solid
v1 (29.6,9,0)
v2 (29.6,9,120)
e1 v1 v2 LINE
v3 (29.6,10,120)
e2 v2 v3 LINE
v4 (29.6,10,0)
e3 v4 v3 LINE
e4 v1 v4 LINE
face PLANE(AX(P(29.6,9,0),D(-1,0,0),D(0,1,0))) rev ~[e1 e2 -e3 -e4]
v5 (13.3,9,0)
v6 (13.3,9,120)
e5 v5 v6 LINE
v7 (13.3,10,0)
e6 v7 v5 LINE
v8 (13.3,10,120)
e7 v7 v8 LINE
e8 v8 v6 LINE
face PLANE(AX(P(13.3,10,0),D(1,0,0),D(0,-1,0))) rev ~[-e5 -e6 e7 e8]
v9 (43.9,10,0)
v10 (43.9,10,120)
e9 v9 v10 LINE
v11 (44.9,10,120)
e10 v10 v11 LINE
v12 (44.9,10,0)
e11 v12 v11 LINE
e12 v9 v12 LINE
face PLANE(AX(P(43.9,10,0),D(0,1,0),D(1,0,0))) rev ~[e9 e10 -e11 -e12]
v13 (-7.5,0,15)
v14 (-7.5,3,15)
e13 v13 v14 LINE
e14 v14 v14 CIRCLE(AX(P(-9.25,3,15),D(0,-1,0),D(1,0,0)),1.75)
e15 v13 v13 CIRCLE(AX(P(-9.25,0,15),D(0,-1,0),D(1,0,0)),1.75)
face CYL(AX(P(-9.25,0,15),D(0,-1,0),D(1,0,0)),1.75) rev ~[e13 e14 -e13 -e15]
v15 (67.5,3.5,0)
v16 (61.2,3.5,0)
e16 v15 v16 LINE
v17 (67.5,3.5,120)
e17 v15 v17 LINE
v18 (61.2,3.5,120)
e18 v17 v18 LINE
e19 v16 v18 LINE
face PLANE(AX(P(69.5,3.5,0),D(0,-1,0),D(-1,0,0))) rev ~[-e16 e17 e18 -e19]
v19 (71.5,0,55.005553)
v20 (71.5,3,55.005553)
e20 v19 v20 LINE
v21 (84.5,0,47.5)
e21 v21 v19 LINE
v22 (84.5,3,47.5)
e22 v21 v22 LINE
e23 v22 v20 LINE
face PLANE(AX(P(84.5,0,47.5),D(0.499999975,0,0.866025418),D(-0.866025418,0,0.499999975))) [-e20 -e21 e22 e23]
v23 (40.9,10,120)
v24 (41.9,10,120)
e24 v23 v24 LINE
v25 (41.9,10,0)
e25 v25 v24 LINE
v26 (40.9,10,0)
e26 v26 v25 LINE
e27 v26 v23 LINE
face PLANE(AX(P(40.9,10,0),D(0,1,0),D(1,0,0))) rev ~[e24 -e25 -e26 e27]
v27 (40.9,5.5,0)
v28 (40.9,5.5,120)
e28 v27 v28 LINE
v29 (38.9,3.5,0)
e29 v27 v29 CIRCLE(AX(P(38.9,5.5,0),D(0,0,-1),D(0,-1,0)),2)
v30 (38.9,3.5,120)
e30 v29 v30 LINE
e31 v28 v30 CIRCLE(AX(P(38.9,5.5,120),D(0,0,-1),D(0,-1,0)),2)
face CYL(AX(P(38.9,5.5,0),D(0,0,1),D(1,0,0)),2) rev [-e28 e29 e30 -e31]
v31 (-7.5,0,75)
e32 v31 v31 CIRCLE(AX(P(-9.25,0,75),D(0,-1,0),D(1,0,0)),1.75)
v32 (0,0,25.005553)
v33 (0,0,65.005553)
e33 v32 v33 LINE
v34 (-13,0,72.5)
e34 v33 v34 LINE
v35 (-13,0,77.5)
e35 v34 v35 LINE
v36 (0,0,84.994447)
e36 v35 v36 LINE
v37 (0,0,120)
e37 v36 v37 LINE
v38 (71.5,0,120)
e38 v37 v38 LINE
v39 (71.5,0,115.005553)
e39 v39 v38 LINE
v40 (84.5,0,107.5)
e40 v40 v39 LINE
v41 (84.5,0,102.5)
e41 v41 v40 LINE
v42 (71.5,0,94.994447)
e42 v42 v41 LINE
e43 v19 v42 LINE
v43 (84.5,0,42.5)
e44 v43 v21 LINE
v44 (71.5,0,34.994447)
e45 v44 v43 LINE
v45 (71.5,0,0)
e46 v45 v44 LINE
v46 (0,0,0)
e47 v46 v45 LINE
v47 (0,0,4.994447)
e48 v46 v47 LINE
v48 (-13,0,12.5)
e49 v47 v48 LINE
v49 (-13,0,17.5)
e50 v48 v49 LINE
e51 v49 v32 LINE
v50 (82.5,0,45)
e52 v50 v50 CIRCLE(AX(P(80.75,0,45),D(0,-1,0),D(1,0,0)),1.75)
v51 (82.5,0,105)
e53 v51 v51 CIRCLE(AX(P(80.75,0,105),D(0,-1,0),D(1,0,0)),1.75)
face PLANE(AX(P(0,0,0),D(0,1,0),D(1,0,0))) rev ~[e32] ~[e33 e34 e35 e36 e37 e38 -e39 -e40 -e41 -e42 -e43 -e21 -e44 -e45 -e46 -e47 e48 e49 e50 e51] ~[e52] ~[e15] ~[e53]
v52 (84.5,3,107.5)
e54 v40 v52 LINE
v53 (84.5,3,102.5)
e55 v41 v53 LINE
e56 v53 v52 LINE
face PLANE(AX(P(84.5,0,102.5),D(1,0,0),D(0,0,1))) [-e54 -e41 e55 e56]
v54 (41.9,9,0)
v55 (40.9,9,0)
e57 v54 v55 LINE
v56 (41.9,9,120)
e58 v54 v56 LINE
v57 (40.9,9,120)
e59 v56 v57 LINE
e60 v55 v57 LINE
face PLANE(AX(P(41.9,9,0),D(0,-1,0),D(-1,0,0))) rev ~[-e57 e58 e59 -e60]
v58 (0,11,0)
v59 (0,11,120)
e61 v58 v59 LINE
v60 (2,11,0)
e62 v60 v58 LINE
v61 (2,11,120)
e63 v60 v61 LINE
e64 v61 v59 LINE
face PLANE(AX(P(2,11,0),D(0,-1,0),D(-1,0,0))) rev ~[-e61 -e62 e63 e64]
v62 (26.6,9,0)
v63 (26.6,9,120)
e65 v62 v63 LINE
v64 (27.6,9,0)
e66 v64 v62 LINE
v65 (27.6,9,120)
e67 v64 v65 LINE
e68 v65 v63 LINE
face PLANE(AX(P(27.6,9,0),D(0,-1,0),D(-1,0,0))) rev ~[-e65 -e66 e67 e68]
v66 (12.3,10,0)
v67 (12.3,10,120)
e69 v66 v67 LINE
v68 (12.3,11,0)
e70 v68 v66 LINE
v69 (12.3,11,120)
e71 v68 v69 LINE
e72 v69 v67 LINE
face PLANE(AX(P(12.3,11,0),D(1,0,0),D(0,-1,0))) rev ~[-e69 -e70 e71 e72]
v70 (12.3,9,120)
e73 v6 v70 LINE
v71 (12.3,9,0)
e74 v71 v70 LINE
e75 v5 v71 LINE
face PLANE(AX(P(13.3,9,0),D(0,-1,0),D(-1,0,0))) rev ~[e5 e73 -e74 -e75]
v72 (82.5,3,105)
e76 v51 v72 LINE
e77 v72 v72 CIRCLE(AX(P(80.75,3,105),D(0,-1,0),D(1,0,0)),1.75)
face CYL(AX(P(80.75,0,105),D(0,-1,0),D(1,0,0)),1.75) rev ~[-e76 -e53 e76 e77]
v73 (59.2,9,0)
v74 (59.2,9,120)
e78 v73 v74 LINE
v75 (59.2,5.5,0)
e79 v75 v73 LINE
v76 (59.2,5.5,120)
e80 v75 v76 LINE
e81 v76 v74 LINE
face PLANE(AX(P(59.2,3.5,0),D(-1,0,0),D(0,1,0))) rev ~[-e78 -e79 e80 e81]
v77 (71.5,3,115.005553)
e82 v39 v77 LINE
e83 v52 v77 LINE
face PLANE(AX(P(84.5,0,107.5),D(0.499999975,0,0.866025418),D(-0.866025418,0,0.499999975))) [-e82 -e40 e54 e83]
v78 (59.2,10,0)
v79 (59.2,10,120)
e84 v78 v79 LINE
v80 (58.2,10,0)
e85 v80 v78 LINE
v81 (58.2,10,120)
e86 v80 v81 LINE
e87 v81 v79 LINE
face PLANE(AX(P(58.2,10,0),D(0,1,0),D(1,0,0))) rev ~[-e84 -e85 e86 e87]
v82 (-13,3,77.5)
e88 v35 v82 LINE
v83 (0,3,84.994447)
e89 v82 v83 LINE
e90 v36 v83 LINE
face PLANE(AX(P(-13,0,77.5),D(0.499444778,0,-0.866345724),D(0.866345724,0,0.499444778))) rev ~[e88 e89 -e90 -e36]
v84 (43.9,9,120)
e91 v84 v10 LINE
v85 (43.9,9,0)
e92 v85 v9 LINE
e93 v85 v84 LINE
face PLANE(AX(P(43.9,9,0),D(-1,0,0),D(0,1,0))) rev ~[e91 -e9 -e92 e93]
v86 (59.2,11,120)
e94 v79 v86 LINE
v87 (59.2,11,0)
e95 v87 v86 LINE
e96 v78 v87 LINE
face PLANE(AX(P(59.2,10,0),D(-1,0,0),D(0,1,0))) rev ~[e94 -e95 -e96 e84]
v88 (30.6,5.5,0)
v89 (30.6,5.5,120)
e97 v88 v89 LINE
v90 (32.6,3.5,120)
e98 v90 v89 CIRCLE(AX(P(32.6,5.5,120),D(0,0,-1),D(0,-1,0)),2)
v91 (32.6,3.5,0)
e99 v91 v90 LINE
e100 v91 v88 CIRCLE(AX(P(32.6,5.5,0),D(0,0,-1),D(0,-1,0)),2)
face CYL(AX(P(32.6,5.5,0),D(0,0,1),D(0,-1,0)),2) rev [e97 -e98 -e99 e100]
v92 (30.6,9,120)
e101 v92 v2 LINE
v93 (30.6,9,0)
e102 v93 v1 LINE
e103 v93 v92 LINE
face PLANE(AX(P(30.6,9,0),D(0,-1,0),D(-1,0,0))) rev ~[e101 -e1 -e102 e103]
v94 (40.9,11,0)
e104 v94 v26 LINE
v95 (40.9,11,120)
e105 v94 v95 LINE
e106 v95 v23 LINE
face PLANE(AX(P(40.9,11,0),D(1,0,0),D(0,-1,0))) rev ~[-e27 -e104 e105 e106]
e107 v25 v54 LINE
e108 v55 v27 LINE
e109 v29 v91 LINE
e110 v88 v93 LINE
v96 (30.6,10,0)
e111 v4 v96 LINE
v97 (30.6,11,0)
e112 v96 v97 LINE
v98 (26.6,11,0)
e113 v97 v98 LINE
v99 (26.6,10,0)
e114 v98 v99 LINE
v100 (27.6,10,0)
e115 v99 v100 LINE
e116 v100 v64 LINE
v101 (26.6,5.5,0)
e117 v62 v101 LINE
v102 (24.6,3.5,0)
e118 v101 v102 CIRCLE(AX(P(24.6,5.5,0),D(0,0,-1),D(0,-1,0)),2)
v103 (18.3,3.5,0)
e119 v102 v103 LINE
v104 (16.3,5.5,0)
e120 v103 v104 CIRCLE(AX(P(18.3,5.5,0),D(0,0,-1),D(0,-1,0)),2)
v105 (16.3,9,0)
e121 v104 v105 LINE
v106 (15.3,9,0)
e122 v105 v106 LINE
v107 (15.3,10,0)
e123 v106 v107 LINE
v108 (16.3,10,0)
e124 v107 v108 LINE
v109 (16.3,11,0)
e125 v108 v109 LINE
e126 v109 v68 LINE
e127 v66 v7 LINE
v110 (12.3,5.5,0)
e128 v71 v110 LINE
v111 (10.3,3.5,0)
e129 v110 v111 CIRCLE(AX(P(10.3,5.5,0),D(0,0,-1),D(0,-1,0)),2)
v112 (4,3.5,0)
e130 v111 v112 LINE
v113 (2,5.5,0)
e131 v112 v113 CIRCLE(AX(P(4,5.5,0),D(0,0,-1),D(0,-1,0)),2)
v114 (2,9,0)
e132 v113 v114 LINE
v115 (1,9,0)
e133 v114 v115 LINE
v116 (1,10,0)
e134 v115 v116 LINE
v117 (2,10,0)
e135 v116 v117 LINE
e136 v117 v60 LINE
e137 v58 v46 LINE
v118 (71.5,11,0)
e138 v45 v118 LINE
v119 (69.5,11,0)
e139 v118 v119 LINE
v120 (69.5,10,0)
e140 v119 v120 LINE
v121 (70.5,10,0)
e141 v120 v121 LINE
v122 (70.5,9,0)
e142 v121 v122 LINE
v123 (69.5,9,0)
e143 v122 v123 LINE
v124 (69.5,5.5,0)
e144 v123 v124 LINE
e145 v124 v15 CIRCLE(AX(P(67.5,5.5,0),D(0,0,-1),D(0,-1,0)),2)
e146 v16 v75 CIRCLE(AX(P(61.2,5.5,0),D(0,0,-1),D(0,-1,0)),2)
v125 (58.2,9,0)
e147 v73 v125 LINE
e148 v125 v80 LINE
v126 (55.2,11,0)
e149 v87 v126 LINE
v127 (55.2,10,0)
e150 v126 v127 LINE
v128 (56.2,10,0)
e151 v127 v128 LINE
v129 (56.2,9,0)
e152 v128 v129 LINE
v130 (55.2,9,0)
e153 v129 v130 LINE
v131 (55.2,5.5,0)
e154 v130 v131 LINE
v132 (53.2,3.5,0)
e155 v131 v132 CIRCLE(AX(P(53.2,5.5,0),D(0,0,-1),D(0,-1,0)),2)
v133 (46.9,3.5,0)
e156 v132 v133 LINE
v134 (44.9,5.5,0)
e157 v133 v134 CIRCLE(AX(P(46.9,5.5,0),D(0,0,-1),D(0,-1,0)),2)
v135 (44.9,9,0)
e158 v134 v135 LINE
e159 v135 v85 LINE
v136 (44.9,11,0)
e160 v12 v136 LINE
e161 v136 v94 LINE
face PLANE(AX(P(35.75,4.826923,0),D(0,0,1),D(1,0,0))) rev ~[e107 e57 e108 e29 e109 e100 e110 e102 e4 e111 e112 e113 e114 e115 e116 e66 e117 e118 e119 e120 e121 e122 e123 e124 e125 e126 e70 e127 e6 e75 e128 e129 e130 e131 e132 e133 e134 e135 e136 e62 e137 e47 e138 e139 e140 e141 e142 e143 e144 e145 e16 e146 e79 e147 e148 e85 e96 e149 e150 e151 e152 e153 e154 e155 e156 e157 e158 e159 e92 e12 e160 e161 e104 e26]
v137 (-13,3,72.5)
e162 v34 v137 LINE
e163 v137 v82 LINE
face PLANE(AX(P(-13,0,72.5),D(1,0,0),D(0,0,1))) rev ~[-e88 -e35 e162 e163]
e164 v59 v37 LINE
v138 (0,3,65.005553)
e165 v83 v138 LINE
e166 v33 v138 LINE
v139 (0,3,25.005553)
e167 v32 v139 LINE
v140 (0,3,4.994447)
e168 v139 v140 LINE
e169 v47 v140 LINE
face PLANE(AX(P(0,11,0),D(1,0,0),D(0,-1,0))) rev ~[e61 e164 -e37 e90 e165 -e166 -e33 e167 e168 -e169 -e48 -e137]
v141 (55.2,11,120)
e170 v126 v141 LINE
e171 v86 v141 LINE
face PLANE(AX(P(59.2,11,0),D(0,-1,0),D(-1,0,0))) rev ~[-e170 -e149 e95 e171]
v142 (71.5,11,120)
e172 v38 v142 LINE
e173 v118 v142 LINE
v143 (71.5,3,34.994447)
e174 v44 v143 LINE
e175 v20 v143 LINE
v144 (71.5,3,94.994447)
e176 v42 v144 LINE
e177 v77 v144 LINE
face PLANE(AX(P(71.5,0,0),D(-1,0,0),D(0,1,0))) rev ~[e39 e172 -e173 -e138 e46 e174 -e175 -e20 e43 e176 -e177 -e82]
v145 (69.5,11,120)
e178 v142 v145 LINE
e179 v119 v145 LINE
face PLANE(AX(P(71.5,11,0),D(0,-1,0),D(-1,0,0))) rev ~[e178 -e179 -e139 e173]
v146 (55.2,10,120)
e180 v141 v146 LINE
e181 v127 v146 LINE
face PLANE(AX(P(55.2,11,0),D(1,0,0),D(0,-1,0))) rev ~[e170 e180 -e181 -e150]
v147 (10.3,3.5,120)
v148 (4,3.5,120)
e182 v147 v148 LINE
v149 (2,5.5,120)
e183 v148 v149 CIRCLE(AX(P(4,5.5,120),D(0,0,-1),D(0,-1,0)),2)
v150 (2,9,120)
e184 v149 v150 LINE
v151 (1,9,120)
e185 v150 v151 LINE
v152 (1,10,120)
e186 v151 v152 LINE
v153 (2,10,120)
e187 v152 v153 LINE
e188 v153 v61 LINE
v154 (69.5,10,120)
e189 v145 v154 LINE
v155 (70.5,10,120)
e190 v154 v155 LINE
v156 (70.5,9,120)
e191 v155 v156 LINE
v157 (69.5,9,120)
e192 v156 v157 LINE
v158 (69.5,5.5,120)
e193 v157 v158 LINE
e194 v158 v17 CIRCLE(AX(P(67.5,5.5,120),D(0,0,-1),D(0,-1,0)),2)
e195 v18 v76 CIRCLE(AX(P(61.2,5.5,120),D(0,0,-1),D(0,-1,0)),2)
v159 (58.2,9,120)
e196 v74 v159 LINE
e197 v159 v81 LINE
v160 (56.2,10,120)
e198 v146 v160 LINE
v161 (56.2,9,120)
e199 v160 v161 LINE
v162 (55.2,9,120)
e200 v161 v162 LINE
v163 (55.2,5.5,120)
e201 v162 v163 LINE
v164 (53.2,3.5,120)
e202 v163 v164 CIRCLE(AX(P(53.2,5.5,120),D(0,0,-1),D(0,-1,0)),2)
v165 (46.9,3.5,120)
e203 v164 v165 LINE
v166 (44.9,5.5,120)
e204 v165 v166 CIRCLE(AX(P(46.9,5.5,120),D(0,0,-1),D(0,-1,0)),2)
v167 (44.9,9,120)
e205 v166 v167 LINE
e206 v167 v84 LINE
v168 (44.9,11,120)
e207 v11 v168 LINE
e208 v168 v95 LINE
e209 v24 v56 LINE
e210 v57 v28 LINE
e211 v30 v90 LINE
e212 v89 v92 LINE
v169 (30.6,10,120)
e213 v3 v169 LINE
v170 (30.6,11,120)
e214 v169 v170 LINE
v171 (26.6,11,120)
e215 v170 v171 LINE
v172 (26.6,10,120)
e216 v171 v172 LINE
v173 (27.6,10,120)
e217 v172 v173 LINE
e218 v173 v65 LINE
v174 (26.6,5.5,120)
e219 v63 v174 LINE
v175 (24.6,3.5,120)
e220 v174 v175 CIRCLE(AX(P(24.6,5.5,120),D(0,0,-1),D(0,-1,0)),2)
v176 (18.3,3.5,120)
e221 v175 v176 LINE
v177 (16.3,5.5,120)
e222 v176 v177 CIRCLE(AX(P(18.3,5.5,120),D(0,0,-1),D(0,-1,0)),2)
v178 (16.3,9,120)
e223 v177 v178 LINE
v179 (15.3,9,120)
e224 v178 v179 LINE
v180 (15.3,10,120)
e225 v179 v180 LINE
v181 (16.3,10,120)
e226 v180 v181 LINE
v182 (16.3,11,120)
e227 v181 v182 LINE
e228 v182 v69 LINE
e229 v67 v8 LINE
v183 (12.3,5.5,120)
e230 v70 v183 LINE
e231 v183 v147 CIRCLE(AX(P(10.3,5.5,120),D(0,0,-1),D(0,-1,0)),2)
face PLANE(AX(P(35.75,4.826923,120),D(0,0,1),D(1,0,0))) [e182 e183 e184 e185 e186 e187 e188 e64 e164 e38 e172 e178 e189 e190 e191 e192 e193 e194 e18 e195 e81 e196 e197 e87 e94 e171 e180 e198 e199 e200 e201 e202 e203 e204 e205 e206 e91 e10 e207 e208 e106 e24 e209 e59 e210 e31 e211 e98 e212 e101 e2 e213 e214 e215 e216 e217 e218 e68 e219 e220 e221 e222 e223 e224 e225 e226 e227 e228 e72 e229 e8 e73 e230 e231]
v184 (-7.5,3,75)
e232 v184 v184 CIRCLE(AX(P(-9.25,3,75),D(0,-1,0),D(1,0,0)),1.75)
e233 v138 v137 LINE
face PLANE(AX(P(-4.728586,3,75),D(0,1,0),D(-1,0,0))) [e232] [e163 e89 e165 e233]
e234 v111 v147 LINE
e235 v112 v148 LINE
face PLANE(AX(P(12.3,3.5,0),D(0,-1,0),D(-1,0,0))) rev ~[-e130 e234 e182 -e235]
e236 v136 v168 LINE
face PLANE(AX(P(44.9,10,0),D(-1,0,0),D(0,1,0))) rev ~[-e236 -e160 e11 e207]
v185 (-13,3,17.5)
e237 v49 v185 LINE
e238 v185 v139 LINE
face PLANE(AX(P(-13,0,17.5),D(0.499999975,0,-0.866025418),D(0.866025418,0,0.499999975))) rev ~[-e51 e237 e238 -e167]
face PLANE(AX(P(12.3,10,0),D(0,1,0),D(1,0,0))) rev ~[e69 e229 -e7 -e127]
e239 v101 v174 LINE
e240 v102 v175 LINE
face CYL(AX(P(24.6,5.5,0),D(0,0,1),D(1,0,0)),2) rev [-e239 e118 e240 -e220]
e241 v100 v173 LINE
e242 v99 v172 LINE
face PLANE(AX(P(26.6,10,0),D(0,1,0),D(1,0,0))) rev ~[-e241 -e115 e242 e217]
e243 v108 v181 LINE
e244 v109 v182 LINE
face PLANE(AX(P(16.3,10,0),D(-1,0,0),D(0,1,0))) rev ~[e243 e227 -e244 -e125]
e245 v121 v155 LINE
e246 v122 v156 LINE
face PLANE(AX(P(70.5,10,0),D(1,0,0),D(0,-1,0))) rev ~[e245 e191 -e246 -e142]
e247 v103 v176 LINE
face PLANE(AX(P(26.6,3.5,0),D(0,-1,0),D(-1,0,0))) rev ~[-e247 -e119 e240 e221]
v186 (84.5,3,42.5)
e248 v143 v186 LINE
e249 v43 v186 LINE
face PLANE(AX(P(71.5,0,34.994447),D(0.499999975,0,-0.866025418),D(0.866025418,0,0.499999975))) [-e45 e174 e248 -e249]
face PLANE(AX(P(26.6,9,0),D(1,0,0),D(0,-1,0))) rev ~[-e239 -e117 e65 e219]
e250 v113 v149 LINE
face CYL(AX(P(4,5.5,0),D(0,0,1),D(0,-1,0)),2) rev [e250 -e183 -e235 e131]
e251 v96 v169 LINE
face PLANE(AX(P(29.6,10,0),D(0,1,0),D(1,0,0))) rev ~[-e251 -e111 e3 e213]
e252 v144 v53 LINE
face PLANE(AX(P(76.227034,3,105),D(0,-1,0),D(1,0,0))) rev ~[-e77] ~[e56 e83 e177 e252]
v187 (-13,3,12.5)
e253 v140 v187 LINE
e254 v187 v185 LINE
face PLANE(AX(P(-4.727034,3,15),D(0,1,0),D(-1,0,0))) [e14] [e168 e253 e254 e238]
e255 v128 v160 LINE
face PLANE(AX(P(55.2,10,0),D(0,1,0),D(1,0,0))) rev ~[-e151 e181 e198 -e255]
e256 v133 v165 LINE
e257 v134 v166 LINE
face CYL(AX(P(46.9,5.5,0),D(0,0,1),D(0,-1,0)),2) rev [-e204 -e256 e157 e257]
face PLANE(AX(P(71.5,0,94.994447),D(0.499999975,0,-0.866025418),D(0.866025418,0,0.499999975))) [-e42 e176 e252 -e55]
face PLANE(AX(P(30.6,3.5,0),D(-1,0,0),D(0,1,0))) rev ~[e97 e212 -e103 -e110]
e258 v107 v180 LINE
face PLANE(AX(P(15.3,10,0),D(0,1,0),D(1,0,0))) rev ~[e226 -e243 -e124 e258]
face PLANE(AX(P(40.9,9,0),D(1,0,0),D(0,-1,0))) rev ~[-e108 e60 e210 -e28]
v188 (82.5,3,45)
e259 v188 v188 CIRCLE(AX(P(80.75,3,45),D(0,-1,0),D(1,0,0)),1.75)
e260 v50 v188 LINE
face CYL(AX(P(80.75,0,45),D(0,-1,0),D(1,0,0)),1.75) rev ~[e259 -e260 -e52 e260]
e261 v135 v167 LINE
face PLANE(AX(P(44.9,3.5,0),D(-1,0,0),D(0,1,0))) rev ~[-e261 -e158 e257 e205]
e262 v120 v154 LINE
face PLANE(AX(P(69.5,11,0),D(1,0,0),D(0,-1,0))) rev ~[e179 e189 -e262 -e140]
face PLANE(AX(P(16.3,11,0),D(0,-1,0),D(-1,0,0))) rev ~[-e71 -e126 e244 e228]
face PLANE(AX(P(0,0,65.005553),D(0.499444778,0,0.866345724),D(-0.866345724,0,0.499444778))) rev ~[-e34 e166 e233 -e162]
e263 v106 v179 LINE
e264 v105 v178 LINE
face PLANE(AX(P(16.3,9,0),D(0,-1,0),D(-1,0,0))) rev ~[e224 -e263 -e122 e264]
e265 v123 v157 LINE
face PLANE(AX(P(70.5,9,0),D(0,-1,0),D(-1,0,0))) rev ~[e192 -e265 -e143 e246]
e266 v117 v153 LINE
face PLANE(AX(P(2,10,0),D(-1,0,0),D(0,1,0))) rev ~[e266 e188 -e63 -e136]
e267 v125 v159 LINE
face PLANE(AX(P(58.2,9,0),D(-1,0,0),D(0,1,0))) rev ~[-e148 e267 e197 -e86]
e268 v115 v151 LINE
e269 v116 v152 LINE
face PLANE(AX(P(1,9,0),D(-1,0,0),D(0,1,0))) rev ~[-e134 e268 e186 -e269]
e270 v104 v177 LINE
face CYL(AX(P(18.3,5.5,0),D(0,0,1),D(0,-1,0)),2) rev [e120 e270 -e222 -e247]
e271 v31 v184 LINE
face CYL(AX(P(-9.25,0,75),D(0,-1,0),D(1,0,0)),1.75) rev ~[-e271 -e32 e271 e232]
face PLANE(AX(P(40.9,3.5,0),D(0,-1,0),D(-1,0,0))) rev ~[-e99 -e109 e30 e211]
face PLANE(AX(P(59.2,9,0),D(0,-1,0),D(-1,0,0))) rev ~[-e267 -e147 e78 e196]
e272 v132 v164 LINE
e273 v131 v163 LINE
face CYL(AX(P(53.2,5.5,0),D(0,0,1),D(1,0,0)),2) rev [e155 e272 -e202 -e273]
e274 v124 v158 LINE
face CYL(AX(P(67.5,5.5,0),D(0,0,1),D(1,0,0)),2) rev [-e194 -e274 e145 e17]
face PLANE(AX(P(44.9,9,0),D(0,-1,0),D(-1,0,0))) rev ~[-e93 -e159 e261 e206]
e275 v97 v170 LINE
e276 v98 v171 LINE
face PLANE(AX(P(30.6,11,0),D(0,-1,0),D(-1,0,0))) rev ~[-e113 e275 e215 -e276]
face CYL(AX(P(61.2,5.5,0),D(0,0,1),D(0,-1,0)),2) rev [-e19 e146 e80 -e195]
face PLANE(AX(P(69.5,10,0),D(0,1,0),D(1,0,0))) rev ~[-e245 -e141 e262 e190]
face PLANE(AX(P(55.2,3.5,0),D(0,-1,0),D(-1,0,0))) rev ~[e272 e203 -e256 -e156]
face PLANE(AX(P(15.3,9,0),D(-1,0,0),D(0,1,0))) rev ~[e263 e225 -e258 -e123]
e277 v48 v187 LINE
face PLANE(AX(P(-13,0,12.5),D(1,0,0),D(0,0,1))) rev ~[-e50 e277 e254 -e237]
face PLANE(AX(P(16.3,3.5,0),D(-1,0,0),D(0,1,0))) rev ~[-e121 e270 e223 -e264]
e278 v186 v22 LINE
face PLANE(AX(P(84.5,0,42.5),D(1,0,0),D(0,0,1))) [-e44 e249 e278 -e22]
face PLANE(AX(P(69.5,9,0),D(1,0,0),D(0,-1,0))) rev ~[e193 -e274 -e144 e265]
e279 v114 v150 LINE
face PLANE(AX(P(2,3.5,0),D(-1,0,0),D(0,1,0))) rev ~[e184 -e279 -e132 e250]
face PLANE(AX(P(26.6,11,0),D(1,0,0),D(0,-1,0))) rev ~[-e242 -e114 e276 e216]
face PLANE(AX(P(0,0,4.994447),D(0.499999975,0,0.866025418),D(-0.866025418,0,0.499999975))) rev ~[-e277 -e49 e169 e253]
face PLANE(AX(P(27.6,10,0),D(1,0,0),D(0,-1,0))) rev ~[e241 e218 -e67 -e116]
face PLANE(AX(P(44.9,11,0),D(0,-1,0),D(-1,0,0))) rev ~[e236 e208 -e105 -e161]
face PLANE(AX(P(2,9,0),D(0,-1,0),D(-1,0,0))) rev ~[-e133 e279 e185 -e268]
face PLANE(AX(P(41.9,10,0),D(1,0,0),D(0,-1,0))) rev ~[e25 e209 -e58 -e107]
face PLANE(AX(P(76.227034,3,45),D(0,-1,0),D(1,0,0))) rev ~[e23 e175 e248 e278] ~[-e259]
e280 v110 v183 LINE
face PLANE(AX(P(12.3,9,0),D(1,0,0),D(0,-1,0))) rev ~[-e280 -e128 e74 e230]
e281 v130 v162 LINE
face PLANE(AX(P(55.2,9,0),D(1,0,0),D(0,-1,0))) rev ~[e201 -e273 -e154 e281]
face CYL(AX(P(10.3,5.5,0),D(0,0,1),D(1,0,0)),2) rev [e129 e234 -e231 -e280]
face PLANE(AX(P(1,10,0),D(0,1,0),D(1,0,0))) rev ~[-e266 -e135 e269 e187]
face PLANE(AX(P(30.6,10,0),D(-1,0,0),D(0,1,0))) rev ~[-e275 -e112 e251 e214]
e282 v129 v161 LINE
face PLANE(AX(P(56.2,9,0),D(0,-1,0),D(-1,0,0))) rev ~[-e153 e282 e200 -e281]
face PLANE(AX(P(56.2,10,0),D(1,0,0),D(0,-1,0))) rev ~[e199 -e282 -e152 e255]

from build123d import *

# Parameters (mm, degrees)
PAD_DEPTH    = 120
SKETCH001_R  = 1.75
PAD001_DEPTH = 3
FILLET_R     = 2


with BuildPart() as part:
    # Sketch → Pad (new body)
    with BuildSketch(Plane.XY):
        Polygon((0, 0), (71.5, 0), (71.5, 11), (69.5, 11), (69.5, 10), (70.5, 10), (70.5, 9), (69.5, 9), (69.5, 3.5), (59.2, 3.5), (59.2, 9), (58.2, 9), (58.2, 10), (59.2, 10), (59.2, 11), (55.2, 11), (55.2, 10), (56.2, 10), (56.2, 9), (55.2, 9), (55.2, 3.5), (44.9, 3.5), (44.9, 9), (43.9, 9), (43.9, 10), (44.9, 10), (44.9, 11), (40.9, 11), (40.9, 10), (41.9, 10), (41.9, 9), (40.9, 9), (40.9, 3.5), (30.6, 3.5), (30.6, 9), (29.6, 9), (29.6, 10), (30.6, 10), (30.6, 11), (26.6, 11), (26.6, 10), (27.6, 10), (27.6, 9), (26.6, 9), (26.6, 3.5), (16.3, 3.5), (16.3, 9), (15.3, 9), (15.3, 10), (16.3, 10), (16.3, 11), (12.3, 11), (12.3, 10), (13.3, 10), (13.3, 9), (12.3, 9), (12.3, 3.5), (2, 3.5), (2, 9), (1, 9), (1, 10), (2, 10), (2, 11), (0, 11), align=None)
    extrude(amount=PAD_DEPTH)

    # Sketch001 → Pad001 (join)
    with BuildSketch(Plane.XZ):
        Polygon((0, 4.994447), (-13, 12.5), (-13, 17.5), (0, 25.005553), align=None)
        with Locations((-9.25, 15)):
            Circle(SKETCH001_R, mode=Mode.SUBTRACT)
        Polygon((0, 65.005553), (-13, 72.5), (-13, 77.5), (0, 84.994447), align=None)
        with Locations((-9.25, 75)):
            Circle(SKETCH001_R, mode=Mode.SUBTRACT)
        Polygon((71.5, 34.994447), (84.5, 42.5), (84.5, 47.5), (71.5, 55.005553), align=None)
        with Locations((80.75, 45)):
            Circle(SKETCH001_R, mode=Mode.SUBTRACT)
        Polygon((71.5, 94.994447), (84.5, 102.5), (84.5, 107.5), (71.5, 115.005553), align=None)
        with Locations((80.75, 105)):
            Circle(SKETCH001_R, mode=Mode.SUBTRACT)
    extrude(amount=-PAD001_DEPTH)

    # Fillet
    fillet_edges = [part.edges().sort_by_distance(p)[0] for p in [
        (2, 3.5, 60),
        (16.3, 3.5, 60),
        (30.6, 3.5, 60),
        (44.9, 3.5, 60),
        (59.2, 3.5, 60),
        (12.3, 3.5, 60),
        (26.6, 3.5, 60),
        (40.9, 3.5, 60),
        (55.2, 3.5, 60),
        (69.5, 3.5, 60),
    ]]
    fillet(fillet_edges, radius=FILLET_R)


solid = part.part
